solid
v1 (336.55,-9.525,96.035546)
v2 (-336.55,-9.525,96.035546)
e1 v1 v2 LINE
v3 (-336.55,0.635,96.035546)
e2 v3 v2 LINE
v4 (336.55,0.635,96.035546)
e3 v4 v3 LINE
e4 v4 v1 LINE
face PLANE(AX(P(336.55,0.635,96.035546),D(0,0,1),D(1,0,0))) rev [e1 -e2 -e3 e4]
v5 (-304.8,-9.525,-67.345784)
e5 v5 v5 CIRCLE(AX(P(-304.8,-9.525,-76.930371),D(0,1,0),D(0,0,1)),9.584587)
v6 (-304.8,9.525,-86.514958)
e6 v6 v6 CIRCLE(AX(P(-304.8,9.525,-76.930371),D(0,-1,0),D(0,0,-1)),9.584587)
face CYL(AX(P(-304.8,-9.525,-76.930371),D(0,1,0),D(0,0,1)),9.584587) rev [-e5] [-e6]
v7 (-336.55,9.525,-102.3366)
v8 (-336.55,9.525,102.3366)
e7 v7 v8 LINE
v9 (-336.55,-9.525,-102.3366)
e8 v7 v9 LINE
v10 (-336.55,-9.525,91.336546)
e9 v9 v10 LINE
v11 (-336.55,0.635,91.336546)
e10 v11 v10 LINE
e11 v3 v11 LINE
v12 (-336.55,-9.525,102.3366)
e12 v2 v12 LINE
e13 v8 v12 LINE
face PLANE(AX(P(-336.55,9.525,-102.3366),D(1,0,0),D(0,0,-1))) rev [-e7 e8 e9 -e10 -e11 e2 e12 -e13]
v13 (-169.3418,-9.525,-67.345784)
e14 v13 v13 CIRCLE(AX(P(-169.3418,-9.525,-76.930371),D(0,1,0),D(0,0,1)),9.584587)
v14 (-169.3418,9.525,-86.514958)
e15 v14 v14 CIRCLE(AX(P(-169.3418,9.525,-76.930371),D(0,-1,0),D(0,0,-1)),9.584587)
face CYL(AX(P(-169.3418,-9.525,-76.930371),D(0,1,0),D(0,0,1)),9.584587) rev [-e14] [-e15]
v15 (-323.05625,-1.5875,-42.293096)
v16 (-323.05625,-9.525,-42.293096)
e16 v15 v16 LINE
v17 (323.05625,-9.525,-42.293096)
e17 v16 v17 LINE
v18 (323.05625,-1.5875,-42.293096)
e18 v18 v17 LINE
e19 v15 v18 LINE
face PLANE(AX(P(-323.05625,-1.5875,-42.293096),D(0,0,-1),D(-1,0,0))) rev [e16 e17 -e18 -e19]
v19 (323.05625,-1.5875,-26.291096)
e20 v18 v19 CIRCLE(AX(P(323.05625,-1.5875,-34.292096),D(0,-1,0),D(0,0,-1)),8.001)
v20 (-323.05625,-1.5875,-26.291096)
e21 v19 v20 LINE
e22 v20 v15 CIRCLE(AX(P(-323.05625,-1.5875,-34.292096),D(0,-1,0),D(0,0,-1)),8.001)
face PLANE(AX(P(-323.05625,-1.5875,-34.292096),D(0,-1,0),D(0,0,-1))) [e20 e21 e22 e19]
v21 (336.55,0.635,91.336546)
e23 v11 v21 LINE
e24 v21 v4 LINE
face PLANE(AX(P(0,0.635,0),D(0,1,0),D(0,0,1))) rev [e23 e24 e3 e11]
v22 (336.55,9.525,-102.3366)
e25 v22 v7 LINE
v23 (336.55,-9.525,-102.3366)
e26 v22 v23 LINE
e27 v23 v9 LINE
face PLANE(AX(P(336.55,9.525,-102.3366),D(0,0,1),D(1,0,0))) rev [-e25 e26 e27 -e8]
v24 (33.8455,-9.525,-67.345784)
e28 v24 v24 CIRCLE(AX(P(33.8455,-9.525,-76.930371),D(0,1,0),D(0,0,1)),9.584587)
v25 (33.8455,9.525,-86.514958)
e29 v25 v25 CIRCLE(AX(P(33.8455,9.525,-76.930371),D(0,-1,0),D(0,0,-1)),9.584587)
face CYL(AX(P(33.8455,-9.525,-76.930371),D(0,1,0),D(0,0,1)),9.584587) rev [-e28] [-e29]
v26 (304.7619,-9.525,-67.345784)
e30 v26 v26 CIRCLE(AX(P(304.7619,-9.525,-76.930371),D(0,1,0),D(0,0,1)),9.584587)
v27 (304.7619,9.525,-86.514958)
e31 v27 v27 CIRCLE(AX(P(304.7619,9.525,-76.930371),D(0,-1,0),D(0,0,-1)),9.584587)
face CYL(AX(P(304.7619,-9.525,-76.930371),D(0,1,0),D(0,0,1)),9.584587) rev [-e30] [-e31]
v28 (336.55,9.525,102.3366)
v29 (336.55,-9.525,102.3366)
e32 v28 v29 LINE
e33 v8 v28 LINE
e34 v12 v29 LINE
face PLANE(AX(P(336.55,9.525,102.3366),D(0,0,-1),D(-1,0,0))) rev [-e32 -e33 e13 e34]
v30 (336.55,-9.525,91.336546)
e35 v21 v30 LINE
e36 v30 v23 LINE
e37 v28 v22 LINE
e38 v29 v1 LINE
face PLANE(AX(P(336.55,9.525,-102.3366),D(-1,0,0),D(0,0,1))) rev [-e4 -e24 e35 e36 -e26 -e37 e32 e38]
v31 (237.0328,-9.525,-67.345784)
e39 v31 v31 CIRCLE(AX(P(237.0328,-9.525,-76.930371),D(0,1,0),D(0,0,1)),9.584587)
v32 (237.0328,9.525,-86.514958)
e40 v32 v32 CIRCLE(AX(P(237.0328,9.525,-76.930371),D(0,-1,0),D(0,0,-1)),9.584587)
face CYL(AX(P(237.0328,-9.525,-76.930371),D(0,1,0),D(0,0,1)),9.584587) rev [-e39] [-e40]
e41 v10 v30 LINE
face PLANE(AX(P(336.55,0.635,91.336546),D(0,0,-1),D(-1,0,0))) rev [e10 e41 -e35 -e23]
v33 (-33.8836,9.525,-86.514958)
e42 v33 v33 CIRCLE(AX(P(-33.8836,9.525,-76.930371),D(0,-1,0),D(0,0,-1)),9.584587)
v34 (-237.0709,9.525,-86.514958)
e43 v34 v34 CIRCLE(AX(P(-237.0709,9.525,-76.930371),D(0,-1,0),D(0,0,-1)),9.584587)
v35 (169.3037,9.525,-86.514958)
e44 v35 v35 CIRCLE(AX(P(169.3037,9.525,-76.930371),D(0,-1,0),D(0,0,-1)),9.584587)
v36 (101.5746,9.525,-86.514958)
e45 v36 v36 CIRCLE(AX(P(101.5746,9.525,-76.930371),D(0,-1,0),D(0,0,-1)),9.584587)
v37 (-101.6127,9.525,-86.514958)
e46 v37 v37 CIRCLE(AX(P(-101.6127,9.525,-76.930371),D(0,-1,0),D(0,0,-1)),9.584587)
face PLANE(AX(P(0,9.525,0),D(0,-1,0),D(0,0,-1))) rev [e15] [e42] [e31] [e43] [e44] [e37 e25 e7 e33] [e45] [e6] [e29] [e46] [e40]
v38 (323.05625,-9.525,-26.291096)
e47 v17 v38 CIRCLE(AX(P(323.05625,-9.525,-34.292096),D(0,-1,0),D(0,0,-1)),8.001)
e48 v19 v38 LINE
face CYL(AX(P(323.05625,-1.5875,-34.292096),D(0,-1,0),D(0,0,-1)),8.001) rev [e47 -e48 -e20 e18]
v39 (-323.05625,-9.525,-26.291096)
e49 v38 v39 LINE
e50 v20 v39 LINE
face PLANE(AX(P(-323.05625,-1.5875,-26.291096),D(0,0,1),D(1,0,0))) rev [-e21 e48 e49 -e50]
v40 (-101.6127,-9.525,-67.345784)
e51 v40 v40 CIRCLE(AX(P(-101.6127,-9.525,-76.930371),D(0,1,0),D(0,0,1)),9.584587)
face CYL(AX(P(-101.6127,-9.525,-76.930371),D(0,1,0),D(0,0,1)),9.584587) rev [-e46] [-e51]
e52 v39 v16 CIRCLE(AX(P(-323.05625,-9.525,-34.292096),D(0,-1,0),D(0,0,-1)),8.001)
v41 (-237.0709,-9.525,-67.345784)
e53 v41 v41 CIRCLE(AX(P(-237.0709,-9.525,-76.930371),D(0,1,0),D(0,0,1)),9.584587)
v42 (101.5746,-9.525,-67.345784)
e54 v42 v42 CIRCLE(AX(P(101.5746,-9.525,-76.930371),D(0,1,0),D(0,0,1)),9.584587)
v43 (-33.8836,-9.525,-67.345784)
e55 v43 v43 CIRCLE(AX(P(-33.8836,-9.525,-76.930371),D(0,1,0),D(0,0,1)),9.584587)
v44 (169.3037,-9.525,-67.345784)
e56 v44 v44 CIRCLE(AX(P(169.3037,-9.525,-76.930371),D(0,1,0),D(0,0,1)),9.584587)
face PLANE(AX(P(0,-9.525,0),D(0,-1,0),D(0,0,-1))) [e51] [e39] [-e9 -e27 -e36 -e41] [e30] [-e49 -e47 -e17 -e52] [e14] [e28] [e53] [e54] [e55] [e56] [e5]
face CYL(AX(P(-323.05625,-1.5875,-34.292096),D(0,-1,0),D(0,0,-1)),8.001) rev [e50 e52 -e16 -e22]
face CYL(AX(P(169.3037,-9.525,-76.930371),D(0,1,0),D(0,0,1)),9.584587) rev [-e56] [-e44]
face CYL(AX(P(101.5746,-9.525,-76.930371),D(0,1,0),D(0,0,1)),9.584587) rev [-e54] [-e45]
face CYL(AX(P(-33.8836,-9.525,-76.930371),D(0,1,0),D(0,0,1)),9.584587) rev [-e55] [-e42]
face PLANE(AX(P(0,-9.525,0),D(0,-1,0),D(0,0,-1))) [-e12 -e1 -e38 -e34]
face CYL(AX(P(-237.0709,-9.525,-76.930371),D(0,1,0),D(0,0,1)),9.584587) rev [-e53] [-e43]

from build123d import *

# Parameters (mm, degrees)
SKETCH1_W               = 673.1
SKETCH1_H               = 204.6732
BOSS_EXTRUDE1_DEPTH     = 9.525
SKETCH2_R               = 9.584587104
CUT_EXTRUDE1_DEPTH      = 1
CUT_EXTRUDE1_DEPTH_BACK = 20.05
SKETCH4_W               = 673.1
SKETCH4_H               = 4.699
CUT_EXTRUDE2_DEPTH      = 10.16
CUT_EXTRUDE5_DEPTH      = 7.9375


with BuildPart() as part:
    # Sketch1 → Boss-Extrude1 (new body, symmetric)
    with BuildSketch(Plane(origin=(0, 0, 0), x_dir=(1, 0, 0), z_dir=(0, 1, 0))):
        Rectangle(SKETCH1_W, SKETCH1_H)
    extrude(amount=BOSS_EXTRUDE1_DEPTH, both=True)

    # Sketch2 → Cut-Extrude1 (cut, two sides)
    with BuildSketch(Plane(origin=(0, 9.525, 0), x_dir=(1, 0, 0), z_dir=(0, 1, 0))) as cut_extrude1_sk:
        with Locations((-304.8, 76.930371018)):
            Circle(SKETCH2_R)
        with Locations((-237.0709, 76.930371018)):
            Circle(SKETCH2_R)
        with Locations((-169.3418, 76.930371018)):
            Circle(SKETCH2_R)
        with Locations((-101.6127, 76.930371018)):
            Circle(SKETCH2_R)
        with Locations((-33.8836, 76.930371018)):
            Circle(SKETCH2_R)
        with Locations((33.8455, 76.930371018)):
            Circle(SKETCH2_R)
        with Locations((101.5746, 76.930371018)):
            Circle(SKETCH2_R)
        with Locations((169.3037, 76.930371018)):
            Circle(SKETCH2_R)
        with Locations((237.0328, 76.930371018)):
            Circle(SKETCH2_R)
        with Locations((304.7619, 76.930371018)):
            Circle(SKETCH2_R)
    extrude(amount=CUT_EXTRUDE1_DEPTH, mode=Mode.SUBTRACT)
    extrude(cut_extrude1_sk.sketch, amount=-CUT_EXTRUDE1_DEPTH_BACK, mode=Mode.SUBTRACT)

    # Sketch4 → Cut-Extrude2 (cut)
    with BuildSketch(Plane.XZ.offset(9.525)):
        with Locations((0, 93.6860458)):
            Rectangle(SKETCH4_W, SKETCH4_H)
    extrude(amount=-CUT_EXTRUDE2_DEPTH, mode=Mode.SUBTRACT)

    # Sketch7 → Cut-Extrude5 (cut)
    with BuildSketch(Plane.XZ.offset(9.525)):
        with BuildLine():
            Line((-323.05625, -26.291096465), (323.05625, -26.291096465))
            ThreePointArc((323.05625, -26.291096465), (331.05725, -34.292096465), (323.05625, -42.293096465))
            Line((323.05625, -42.293096465), (-323.05625, -42.293096465))
            ThreePointArc((-323.05625, -42.293096465), (-331.05725, -34.292096465), (-323.05625, -26.291096465))
        make_face()
    extrude(amount=-CUT_EXTRUDE5_DEPTH, mode=Mode.SUBTRACT)


solid = part.part
